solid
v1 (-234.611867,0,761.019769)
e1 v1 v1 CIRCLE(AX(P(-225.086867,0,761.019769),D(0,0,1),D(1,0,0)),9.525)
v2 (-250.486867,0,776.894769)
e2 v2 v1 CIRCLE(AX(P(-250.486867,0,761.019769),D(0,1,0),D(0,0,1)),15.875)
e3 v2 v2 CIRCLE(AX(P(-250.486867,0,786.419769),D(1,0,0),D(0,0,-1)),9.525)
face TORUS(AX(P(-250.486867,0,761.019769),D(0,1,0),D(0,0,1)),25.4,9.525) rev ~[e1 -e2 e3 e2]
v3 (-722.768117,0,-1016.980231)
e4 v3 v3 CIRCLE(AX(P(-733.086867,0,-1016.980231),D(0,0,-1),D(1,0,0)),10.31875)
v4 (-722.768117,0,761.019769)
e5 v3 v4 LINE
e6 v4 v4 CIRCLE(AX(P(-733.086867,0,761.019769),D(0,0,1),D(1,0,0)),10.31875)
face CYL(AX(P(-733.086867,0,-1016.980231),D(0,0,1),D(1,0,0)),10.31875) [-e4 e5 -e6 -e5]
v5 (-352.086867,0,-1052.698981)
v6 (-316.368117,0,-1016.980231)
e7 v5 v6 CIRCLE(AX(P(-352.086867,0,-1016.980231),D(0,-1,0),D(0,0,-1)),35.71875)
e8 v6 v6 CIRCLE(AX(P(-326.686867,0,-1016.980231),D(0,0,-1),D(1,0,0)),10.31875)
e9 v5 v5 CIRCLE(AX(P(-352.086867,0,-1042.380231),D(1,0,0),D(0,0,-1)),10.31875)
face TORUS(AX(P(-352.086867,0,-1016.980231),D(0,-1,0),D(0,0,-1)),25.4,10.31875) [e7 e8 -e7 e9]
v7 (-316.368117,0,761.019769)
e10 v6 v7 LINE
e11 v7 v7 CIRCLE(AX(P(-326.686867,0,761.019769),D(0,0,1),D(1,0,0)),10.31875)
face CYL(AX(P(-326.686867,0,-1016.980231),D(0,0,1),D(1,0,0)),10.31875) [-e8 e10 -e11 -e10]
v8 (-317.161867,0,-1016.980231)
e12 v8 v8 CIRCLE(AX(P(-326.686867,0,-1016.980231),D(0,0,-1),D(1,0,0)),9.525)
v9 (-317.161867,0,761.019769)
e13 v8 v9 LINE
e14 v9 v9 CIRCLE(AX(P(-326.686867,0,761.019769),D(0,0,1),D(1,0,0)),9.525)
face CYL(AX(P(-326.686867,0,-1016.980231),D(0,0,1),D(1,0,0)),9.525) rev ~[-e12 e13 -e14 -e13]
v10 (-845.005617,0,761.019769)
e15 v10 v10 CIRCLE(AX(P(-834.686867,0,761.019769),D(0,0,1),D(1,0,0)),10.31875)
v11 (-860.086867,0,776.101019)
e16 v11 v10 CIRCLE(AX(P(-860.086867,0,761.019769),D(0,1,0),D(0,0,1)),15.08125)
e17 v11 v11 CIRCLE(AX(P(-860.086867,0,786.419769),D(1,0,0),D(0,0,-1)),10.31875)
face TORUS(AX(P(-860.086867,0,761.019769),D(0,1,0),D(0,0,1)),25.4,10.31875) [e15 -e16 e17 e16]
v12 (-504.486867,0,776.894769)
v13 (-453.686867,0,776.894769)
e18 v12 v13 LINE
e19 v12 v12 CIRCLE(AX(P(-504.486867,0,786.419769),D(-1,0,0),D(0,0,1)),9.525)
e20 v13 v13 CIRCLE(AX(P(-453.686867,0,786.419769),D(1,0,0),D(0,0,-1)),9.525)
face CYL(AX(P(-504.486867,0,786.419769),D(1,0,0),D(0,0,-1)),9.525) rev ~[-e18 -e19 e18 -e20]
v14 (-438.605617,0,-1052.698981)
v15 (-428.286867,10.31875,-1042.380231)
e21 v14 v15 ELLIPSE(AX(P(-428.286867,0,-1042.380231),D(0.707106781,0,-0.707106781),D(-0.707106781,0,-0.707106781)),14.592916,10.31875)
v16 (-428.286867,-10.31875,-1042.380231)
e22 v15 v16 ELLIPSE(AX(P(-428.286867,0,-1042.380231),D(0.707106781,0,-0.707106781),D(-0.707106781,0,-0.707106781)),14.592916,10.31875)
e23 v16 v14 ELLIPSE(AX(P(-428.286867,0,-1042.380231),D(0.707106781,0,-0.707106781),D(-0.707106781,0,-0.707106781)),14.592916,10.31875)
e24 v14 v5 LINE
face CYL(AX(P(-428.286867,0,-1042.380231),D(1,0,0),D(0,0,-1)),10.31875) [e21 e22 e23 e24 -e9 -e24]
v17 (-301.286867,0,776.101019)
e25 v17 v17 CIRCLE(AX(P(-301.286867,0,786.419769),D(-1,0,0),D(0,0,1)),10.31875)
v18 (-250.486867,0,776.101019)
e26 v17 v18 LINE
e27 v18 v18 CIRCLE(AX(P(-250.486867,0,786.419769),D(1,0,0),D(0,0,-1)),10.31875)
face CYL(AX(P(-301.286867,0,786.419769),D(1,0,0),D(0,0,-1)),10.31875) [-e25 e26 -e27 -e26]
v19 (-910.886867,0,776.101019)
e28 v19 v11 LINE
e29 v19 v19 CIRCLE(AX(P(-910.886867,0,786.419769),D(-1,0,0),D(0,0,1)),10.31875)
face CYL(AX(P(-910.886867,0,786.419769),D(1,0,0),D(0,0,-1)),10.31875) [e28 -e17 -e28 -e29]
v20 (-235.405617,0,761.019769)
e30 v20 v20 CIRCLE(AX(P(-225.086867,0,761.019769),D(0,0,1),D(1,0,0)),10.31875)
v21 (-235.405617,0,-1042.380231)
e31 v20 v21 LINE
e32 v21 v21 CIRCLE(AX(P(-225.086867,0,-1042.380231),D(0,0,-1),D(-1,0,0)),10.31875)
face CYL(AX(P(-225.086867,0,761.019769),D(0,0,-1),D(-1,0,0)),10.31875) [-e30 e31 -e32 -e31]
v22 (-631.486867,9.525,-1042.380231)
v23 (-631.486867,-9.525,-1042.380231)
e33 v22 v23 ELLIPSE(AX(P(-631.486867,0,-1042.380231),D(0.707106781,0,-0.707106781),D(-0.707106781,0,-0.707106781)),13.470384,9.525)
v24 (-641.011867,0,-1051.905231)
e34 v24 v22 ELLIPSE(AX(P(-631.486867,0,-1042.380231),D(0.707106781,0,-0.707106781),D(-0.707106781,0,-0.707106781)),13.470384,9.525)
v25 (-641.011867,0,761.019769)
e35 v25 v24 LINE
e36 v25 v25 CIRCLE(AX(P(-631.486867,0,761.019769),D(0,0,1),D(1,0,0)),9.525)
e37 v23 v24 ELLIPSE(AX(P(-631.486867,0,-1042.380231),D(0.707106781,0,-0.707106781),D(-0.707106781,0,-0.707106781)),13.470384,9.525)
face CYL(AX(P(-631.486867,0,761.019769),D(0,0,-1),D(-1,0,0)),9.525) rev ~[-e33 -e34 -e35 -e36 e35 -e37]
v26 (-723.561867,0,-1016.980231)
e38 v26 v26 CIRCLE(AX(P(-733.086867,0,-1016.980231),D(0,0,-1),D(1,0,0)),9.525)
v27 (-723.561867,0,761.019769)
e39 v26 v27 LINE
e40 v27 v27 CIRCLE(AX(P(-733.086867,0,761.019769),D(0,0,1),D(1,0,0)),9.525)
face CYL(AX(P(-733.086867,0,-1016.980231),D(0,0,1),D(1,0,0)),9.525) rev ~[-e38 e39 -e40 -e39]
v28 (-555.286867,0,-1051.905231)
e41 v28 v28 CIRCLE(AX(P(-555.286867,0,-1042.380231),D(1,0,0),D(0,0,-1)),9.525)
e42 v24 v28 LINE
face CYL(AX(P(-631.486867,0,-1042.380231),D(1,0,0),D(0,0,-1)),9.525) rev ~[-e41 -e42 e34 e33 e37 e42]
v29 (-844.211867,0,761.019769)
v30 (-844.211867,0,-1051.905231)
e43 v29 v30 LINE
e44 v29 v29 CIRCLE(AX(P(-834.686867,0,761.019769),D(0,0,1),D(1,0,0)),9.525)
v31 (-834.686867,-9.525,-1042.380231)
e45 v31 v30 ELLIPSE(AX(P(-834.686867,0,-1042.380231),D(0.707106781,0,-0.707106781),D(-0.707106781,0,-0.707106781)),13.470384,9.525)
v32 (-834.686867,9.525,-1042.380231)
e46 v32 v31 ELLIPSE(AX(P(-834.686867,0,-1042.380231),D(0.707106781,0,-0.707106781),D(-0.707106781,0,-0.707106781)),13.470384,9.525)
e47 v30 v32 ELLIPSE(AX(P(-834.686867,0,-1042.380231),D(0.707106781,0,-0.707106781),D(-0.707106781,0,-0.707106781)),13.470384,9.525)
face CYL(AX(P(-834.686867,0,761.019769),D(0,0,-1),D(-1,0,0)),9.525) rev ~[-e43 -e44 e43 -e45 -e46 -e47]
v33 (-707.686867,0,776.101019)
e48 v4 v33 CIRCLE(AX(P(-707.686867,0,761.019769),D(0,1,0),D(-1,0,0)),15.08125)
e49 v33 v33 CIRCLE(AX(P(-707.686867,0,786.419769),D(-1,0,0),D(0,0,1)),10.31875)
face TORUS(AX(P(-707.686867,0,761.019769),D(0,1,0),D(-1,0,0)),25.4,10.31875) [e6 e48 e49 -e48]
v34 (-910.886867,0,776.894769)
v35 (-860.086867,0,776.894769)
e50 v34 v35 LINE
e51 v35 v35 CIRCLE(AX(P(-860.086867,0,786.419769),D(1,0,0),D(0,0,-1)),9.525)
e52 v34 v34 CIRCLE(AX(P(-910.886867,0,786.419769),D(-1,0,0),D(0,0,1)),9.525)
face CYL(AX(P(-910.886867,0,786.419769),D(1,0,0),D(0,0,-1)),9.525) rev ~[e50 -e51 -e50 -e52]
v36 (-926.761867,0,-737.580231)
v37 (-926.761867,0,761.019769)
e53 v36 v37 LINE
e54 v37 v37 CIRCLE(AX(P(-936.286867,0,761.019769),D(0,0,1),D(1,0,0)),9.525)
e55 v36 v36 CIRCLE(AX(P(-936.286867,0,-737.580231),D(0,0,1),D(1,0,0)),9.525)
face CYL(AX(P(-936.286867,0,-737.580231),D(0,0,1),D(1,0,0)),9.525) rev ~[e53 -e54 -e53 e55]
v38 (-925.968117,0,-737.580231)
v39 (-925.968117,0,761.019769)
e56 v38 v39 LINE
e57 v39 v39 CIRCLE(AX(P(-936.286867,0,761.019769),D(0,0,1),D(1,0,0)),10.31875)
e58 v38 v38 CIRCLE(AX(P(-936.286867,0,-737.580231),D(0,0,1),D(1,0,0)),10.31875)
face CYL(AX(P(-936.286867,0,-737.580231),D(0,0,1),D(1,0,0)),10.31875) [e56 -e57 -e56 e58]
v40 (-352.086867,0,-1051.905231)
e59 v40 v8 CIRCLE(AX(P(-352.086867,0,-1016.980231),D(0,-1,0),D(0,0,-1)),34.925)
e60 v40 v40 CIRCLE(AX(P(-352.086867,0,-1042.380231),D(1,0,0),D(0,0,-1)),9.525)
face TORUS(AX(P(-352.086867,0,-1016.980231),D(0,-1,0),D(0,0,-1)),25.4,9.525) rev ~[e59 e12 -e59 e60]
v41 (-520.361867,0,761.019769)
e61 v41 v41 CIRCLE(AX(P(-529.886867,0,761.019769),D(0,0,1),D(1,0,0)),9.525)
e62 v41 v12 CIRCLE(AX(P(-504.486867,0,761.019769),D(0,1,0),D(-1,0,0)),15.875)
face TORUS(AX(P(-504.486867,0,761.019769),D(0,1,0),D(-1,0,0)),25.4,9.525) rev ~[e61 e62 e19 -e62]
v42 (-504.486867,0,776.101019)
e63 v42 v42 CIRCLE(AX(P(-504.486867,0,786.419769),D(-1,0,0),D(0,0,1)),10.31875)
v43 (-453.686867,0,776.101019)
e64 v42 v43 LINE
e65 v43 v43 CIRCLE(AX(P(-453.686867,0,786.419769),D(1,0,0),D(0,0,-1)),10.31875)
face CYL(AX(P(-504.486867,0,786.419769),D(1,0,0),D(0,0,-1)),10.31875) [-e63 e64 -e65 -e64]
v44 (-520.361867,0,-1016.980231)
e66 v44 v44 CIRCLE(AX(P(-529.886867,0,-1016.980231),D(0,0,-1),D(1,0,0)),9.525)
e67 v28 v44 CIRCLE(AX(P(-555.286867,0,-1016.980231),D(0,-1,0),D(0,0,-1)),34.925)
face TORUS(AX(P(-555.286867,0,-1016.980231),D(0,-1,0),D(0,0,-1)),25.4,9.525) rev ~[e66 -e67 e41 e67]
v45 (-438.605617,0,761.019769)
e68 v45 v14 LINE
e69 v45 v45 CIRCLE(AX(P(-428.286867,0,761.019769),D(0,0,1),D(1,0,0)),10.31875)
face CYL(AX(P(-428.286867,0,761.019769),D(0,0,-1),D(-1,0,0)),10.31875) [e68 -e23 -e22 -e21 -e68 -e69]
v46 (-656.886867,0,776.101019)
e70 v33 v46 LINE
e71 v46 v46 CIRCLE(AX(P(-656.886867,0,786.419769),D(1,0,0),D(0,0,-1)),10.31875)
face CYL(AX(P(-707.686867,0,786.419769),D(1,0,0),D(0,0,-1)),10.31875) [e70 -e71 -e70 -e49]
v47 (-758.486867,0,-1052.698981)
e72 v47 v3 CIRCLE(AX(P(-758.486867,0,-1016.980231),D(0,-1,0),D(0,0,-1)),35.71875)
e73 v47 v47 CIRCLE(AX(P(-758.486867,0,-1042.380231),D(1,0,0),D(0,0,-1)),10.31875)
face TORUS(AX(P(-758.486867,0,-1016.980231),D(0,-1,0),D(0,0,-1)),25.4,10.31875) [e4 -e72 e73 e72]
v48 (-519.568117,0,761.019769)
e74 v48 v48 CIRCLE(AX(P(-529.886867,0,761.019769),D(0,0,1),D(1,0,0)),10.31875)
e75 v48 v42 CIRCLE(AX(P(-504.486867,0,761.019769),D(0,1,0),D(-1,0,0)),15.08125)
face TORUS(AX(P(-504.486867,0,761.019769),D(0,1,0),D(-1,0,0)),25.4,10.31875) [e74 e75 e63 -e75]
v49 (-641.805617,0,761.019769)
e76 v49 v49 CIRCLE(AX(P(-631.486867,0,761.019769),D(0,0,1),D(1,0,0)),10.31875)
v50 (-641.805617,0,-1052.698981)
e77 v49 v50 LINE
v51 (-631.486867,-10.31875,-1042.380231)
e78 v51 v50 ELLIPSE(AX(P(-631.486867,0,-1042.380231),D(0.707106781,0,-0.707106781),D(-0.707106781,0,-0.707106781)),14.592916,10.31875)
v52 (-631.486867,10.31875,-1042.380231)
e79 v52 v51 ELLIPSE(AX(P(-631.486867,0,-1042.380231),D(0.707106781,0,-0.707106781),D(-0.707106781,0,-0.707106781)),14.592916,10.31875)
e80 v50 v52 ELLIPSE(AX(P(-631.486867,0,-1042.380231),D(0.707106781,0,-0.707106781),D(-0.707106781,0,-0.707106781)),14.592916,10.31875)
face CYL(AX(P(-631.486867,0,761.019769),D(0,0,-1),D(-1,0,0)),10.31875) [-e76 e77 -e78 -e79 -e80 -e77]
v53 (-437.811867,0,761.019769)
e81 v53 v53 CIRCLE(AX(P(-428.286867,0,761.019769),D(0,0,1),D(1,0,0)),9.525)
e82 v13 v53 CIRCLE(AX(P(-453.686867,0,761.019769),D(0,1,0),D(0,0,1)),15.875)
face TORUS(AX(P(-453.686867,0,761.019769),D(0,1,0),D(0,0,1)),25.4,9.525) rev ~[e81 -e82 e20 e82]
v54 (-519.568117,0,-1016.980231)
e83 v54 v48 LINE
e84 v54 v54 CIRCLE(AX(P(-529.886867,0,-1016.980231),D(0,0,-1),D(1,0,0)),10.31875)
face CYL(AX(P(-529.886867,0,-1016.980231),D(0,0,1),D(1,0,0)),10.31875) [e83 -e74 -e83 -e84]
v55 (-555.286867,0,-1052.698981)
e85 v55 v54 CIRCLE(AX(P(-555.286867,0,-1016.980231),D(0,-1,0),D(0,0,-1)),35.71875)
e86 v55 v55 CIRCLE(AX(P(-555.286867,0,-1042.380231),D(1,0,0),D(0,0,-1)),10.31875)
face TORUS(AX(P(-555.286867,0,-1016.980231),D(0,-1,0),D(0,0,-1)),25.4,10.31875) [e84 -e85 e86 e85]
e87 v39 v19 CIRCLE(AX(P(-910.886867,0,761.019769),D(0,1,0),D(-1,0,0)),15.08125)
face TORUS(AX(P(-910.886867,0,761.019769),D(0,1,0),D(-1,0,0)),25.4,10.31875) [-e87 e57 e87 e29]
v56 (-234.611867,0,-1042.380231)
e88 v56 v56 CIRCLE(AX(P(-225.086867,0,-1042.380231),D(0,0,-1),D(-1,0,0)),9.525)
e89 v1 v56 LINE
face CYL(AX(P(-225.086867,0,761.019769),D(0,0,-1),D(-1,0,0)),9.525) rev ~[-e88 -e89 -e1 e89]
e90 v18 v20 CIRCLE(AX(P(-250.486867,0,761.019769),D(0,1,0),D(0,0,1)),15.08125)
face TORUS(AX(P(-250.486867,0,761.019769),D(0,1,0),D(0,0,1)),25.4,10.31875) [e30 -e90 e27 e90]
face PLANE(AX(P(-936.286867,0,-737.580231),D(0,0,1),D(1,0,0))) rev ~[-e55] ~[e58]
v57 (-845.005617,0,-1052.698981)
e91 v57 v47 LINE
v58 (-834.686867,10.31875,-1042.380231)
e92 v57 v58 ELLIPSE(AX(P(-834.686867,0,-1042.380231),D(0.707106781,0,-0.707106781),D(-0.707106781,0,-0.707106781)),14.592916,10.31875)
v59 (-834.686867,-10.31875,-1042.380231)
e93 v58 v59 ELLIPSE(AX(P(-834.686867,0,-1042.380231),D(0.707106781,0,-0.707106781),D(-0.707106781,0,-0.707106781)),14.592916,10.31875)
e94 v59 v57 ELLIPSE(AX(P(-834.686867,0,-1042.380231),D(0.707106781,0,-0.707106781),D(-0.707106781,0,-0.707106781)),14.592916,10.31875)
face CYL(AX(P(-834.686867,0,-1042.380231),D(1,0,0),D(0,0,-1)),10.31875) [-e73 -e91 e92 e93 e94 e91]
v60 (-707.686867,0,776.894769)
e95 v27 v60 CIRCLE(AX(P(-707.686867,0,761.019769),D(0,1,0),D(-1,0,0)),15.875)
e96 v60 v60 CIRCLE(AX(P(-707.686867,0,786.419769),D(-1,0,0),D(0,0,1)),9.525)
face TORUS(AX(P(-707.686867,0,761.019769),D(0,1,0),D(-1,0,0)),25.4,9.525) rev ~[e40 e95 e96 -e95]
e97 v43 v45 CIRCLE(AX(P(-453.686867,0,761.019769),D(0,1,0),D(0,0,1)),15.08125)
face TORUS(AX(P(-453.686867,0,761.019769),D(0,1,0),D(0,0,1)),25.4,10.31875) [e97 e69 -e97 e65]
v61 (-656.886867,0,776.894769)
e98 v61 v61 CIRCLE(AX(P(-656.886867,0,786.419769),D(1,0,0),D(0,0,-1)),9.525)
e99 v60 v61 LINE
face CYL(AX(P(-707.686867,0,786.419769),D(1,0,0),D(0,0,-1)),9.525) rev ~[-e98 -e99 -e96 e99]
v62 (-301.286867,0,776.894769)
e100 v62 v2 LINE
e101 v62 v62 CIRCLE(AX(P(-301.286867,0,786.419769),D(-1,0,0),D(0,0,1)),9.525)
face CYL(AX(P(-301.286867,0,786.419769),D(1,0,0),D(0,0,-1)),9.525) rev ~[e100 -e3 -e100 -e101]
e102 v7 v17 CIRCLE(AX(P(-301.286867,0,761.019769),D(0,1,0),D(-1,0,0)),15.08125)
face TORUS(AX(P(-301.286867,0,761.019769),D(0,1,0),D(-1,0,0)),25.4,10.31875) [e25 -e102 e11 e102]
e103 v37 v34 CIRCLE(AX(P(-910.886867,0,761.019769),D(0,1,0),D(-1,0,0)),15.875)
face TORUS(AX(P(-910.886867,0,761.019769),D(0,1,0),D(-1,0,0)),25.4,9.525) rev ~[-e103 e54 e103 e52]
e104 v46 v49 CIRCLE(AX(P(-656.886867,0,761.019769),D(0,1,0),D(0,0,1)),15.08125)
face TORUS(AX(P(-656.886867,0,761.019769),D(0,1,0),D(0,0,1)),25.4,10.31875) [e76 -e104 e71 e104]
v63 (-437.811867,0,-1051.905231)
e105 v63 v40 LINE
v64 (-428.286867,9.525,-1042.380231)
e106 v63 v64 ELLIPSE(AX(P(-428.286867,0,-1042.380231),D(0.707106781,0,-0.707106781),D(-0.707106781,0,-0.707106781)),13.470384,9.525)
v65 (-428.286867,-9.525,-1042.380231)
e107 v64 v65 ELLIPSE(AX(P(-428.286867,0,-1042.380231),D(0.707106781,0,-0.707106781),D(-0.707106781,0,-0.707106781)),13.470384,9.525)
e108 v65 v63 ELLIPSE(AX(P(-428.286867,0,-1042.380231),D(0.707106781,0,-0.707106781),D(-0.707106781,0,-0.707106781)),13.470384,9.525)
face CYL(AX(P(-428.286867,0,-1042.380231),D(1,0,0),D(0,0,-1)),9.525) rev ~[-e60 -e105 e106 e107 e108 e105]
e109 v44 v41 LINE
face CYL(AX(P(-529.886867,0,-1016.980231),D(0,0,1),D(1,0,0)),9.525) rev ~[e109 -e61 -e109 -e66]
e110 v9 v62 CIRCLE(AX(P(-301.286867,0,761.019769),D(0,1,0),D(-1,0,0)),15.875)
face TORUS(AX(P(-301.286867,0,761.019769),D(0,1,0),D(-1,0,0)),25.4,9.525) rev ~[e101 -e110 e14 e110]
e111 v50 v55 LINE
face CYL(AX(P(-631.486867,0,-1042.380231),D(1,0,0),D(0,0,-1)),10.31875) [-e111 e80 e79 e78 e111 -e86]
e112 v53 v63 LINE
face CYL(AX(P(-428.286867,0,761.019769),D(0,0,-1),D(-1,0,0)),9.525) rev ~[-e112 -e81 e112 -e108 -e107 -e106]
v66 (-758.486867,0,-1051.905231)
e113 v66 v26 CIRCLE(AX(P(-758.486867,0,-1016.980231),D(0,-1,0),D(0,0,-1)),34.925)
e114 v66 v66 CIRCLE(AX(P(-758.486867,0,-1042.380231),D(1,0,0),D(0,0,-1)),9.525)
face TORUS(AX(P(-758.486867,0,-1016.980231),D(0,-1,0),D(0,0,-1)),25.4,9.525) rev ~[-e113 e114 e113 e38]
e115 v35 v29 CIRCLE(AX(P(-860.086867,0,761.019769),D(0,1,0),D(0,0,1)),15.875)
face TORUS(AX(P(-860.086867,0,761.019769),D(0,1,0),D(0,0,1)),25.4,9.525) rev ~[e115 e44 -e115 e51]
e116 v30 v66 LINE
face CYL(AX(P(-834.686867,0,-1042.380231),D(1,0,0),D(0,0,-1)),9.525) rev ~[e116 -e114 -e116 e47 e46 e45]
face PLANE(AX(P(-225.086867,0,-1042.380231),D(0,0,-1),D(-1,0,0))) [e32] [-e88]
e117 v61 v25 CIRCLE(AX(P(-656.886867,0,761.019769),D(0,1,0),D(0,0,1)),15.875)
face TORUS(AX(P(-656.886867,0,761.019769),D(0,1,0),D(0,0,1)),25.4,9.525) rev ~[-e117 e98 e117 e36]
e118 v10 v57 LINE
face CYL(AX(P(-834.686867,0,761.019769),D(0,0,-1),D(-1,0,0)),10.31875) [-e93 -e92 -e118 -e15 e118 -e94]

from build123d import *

# Parameters (mm, degrees)
F2_R   = 10.31875
F2_R_2 = 9.525


with BuildPart() as f3:
    # F3: sweep along a path in F0
    with BuildLine(Plane.XZ) as f3_path:
        Line((-936.2868666649, -737.5802305222), (-936.2868666649, 761.0197694778))
        ThreePointArc((-936.2868666649, 761.0197694778), (-928.847378907, 778.98028172), (-910.8868666649, 786.4197694778))
        Line((-910.8868666649, 786.4197694778), (-860.0868666649, 786.4197694778))
        ThreePointArc((-860.0868666649, 786.4197694778), (-842.1263544227, 778.98028172), (-834.6868666649, 761.0197694778))
        Line((-834.6868666649, 761.0197694778), (-834.6868666649, -1042.3802305222))
        Line((-834.6868666649, -1042.3802305222), (-758.4868666649, -1042.3802305222))
        ThreePointArc((-758.4868666649, -1042.3802305222), (-740.5263544227, -1034.9407427643), (-733.0868666649, -1016.9802305222))
        Line((-733.0868666649, -1016.9802305222), (-733.0868666649, 761.0197694778))
        ThreePointArc((-733.0868666649, 761.0197694778), (-725.647378907, 778.98028172), (-707.6868666649, 786.4197694778))
        Line((-707.6868666649, 786.4197694778), (-656.8868666649, 786.4197694778))
        ThreePointArc((-656.8868666649, 786.4197694778), (-638.9263544227, 778.98028172), (-631.4868666649, 761.0197694778))
        Line((-631.4868666649, 761.0197694778), (-631.4868666649, -1042.3802305222))
        Line((-631.4868666649, -1042.3802305222), (-555.2868666649, -1042.3802305222))
        ThreePointArc((-555.2868666649, -1042.3802305222), (-537.3263544227, -1034.9407427643), (-529.8868666649, -1016.9802305222))
        Line((-529.8868666649, -1016.9802305222), (-529.8868666649, 761.0197694778))
        ThreePointArc((-529.8868666649, 761.0197694778), (-522.447378907, 778.98028172), (-504.4868666649, 786.4197694778))
        Line((-504.4868666649, 786.4197694778), (-453.6868666649, 786.4197694778))
        ThreePointArc((-453.6868666649, 786.4197694778), (-435.7263544227, 778.98028172), (-428.2868666649, 761.0197694778))
        Line((-428.2868666649, 761.0197694778), (-428.2868666649, -1042.3802305222))
        Line((-428.2868666649, -1042.3802305222), (-352.0868666649, -1042.3802305222))
        ThreePointArc((-352.0868666649, -1042.3802305222), (-334.1263544227, -1034.9407427643), (-326.6868666649, -1016.9802305222))
        Line((-326.6868666649, -1016.9802305222), (-326.6868666649, 761.0197694778))
        ThreePointArc((-326.6868666649, 761.0197694778), (-319.247378907, 778.98028172), (-301.2868666649, 786.4197694778))
        Line((-301.2868666649, 786.4197694778), (-250.4868666649, 786.4197694778))
        ThreePointArc((-250.4868666649, 786.4197694778), (-232.5263544227, 778.98028172), (-225.0868666649, 761.0197694778))
        Line((-225.0868666649, 761.0197694778), (-225.0868666649, -1042.3802305222))
    # F2 (on plane+point) → F3 (sweep)
    with BuildSketch(Plane.XY.offset(-737.5802305222)):
        with Locations((-936.2868666649, 0)):
            Circle(F2_R)
        with Locations((-936.2868666649, 0)):
            Circle(F2_R_2, mode=Mode.SUBTRACT)
    sweep(path=f3_path.line, transition=Transition.RIGHT)


solid = f3.part
